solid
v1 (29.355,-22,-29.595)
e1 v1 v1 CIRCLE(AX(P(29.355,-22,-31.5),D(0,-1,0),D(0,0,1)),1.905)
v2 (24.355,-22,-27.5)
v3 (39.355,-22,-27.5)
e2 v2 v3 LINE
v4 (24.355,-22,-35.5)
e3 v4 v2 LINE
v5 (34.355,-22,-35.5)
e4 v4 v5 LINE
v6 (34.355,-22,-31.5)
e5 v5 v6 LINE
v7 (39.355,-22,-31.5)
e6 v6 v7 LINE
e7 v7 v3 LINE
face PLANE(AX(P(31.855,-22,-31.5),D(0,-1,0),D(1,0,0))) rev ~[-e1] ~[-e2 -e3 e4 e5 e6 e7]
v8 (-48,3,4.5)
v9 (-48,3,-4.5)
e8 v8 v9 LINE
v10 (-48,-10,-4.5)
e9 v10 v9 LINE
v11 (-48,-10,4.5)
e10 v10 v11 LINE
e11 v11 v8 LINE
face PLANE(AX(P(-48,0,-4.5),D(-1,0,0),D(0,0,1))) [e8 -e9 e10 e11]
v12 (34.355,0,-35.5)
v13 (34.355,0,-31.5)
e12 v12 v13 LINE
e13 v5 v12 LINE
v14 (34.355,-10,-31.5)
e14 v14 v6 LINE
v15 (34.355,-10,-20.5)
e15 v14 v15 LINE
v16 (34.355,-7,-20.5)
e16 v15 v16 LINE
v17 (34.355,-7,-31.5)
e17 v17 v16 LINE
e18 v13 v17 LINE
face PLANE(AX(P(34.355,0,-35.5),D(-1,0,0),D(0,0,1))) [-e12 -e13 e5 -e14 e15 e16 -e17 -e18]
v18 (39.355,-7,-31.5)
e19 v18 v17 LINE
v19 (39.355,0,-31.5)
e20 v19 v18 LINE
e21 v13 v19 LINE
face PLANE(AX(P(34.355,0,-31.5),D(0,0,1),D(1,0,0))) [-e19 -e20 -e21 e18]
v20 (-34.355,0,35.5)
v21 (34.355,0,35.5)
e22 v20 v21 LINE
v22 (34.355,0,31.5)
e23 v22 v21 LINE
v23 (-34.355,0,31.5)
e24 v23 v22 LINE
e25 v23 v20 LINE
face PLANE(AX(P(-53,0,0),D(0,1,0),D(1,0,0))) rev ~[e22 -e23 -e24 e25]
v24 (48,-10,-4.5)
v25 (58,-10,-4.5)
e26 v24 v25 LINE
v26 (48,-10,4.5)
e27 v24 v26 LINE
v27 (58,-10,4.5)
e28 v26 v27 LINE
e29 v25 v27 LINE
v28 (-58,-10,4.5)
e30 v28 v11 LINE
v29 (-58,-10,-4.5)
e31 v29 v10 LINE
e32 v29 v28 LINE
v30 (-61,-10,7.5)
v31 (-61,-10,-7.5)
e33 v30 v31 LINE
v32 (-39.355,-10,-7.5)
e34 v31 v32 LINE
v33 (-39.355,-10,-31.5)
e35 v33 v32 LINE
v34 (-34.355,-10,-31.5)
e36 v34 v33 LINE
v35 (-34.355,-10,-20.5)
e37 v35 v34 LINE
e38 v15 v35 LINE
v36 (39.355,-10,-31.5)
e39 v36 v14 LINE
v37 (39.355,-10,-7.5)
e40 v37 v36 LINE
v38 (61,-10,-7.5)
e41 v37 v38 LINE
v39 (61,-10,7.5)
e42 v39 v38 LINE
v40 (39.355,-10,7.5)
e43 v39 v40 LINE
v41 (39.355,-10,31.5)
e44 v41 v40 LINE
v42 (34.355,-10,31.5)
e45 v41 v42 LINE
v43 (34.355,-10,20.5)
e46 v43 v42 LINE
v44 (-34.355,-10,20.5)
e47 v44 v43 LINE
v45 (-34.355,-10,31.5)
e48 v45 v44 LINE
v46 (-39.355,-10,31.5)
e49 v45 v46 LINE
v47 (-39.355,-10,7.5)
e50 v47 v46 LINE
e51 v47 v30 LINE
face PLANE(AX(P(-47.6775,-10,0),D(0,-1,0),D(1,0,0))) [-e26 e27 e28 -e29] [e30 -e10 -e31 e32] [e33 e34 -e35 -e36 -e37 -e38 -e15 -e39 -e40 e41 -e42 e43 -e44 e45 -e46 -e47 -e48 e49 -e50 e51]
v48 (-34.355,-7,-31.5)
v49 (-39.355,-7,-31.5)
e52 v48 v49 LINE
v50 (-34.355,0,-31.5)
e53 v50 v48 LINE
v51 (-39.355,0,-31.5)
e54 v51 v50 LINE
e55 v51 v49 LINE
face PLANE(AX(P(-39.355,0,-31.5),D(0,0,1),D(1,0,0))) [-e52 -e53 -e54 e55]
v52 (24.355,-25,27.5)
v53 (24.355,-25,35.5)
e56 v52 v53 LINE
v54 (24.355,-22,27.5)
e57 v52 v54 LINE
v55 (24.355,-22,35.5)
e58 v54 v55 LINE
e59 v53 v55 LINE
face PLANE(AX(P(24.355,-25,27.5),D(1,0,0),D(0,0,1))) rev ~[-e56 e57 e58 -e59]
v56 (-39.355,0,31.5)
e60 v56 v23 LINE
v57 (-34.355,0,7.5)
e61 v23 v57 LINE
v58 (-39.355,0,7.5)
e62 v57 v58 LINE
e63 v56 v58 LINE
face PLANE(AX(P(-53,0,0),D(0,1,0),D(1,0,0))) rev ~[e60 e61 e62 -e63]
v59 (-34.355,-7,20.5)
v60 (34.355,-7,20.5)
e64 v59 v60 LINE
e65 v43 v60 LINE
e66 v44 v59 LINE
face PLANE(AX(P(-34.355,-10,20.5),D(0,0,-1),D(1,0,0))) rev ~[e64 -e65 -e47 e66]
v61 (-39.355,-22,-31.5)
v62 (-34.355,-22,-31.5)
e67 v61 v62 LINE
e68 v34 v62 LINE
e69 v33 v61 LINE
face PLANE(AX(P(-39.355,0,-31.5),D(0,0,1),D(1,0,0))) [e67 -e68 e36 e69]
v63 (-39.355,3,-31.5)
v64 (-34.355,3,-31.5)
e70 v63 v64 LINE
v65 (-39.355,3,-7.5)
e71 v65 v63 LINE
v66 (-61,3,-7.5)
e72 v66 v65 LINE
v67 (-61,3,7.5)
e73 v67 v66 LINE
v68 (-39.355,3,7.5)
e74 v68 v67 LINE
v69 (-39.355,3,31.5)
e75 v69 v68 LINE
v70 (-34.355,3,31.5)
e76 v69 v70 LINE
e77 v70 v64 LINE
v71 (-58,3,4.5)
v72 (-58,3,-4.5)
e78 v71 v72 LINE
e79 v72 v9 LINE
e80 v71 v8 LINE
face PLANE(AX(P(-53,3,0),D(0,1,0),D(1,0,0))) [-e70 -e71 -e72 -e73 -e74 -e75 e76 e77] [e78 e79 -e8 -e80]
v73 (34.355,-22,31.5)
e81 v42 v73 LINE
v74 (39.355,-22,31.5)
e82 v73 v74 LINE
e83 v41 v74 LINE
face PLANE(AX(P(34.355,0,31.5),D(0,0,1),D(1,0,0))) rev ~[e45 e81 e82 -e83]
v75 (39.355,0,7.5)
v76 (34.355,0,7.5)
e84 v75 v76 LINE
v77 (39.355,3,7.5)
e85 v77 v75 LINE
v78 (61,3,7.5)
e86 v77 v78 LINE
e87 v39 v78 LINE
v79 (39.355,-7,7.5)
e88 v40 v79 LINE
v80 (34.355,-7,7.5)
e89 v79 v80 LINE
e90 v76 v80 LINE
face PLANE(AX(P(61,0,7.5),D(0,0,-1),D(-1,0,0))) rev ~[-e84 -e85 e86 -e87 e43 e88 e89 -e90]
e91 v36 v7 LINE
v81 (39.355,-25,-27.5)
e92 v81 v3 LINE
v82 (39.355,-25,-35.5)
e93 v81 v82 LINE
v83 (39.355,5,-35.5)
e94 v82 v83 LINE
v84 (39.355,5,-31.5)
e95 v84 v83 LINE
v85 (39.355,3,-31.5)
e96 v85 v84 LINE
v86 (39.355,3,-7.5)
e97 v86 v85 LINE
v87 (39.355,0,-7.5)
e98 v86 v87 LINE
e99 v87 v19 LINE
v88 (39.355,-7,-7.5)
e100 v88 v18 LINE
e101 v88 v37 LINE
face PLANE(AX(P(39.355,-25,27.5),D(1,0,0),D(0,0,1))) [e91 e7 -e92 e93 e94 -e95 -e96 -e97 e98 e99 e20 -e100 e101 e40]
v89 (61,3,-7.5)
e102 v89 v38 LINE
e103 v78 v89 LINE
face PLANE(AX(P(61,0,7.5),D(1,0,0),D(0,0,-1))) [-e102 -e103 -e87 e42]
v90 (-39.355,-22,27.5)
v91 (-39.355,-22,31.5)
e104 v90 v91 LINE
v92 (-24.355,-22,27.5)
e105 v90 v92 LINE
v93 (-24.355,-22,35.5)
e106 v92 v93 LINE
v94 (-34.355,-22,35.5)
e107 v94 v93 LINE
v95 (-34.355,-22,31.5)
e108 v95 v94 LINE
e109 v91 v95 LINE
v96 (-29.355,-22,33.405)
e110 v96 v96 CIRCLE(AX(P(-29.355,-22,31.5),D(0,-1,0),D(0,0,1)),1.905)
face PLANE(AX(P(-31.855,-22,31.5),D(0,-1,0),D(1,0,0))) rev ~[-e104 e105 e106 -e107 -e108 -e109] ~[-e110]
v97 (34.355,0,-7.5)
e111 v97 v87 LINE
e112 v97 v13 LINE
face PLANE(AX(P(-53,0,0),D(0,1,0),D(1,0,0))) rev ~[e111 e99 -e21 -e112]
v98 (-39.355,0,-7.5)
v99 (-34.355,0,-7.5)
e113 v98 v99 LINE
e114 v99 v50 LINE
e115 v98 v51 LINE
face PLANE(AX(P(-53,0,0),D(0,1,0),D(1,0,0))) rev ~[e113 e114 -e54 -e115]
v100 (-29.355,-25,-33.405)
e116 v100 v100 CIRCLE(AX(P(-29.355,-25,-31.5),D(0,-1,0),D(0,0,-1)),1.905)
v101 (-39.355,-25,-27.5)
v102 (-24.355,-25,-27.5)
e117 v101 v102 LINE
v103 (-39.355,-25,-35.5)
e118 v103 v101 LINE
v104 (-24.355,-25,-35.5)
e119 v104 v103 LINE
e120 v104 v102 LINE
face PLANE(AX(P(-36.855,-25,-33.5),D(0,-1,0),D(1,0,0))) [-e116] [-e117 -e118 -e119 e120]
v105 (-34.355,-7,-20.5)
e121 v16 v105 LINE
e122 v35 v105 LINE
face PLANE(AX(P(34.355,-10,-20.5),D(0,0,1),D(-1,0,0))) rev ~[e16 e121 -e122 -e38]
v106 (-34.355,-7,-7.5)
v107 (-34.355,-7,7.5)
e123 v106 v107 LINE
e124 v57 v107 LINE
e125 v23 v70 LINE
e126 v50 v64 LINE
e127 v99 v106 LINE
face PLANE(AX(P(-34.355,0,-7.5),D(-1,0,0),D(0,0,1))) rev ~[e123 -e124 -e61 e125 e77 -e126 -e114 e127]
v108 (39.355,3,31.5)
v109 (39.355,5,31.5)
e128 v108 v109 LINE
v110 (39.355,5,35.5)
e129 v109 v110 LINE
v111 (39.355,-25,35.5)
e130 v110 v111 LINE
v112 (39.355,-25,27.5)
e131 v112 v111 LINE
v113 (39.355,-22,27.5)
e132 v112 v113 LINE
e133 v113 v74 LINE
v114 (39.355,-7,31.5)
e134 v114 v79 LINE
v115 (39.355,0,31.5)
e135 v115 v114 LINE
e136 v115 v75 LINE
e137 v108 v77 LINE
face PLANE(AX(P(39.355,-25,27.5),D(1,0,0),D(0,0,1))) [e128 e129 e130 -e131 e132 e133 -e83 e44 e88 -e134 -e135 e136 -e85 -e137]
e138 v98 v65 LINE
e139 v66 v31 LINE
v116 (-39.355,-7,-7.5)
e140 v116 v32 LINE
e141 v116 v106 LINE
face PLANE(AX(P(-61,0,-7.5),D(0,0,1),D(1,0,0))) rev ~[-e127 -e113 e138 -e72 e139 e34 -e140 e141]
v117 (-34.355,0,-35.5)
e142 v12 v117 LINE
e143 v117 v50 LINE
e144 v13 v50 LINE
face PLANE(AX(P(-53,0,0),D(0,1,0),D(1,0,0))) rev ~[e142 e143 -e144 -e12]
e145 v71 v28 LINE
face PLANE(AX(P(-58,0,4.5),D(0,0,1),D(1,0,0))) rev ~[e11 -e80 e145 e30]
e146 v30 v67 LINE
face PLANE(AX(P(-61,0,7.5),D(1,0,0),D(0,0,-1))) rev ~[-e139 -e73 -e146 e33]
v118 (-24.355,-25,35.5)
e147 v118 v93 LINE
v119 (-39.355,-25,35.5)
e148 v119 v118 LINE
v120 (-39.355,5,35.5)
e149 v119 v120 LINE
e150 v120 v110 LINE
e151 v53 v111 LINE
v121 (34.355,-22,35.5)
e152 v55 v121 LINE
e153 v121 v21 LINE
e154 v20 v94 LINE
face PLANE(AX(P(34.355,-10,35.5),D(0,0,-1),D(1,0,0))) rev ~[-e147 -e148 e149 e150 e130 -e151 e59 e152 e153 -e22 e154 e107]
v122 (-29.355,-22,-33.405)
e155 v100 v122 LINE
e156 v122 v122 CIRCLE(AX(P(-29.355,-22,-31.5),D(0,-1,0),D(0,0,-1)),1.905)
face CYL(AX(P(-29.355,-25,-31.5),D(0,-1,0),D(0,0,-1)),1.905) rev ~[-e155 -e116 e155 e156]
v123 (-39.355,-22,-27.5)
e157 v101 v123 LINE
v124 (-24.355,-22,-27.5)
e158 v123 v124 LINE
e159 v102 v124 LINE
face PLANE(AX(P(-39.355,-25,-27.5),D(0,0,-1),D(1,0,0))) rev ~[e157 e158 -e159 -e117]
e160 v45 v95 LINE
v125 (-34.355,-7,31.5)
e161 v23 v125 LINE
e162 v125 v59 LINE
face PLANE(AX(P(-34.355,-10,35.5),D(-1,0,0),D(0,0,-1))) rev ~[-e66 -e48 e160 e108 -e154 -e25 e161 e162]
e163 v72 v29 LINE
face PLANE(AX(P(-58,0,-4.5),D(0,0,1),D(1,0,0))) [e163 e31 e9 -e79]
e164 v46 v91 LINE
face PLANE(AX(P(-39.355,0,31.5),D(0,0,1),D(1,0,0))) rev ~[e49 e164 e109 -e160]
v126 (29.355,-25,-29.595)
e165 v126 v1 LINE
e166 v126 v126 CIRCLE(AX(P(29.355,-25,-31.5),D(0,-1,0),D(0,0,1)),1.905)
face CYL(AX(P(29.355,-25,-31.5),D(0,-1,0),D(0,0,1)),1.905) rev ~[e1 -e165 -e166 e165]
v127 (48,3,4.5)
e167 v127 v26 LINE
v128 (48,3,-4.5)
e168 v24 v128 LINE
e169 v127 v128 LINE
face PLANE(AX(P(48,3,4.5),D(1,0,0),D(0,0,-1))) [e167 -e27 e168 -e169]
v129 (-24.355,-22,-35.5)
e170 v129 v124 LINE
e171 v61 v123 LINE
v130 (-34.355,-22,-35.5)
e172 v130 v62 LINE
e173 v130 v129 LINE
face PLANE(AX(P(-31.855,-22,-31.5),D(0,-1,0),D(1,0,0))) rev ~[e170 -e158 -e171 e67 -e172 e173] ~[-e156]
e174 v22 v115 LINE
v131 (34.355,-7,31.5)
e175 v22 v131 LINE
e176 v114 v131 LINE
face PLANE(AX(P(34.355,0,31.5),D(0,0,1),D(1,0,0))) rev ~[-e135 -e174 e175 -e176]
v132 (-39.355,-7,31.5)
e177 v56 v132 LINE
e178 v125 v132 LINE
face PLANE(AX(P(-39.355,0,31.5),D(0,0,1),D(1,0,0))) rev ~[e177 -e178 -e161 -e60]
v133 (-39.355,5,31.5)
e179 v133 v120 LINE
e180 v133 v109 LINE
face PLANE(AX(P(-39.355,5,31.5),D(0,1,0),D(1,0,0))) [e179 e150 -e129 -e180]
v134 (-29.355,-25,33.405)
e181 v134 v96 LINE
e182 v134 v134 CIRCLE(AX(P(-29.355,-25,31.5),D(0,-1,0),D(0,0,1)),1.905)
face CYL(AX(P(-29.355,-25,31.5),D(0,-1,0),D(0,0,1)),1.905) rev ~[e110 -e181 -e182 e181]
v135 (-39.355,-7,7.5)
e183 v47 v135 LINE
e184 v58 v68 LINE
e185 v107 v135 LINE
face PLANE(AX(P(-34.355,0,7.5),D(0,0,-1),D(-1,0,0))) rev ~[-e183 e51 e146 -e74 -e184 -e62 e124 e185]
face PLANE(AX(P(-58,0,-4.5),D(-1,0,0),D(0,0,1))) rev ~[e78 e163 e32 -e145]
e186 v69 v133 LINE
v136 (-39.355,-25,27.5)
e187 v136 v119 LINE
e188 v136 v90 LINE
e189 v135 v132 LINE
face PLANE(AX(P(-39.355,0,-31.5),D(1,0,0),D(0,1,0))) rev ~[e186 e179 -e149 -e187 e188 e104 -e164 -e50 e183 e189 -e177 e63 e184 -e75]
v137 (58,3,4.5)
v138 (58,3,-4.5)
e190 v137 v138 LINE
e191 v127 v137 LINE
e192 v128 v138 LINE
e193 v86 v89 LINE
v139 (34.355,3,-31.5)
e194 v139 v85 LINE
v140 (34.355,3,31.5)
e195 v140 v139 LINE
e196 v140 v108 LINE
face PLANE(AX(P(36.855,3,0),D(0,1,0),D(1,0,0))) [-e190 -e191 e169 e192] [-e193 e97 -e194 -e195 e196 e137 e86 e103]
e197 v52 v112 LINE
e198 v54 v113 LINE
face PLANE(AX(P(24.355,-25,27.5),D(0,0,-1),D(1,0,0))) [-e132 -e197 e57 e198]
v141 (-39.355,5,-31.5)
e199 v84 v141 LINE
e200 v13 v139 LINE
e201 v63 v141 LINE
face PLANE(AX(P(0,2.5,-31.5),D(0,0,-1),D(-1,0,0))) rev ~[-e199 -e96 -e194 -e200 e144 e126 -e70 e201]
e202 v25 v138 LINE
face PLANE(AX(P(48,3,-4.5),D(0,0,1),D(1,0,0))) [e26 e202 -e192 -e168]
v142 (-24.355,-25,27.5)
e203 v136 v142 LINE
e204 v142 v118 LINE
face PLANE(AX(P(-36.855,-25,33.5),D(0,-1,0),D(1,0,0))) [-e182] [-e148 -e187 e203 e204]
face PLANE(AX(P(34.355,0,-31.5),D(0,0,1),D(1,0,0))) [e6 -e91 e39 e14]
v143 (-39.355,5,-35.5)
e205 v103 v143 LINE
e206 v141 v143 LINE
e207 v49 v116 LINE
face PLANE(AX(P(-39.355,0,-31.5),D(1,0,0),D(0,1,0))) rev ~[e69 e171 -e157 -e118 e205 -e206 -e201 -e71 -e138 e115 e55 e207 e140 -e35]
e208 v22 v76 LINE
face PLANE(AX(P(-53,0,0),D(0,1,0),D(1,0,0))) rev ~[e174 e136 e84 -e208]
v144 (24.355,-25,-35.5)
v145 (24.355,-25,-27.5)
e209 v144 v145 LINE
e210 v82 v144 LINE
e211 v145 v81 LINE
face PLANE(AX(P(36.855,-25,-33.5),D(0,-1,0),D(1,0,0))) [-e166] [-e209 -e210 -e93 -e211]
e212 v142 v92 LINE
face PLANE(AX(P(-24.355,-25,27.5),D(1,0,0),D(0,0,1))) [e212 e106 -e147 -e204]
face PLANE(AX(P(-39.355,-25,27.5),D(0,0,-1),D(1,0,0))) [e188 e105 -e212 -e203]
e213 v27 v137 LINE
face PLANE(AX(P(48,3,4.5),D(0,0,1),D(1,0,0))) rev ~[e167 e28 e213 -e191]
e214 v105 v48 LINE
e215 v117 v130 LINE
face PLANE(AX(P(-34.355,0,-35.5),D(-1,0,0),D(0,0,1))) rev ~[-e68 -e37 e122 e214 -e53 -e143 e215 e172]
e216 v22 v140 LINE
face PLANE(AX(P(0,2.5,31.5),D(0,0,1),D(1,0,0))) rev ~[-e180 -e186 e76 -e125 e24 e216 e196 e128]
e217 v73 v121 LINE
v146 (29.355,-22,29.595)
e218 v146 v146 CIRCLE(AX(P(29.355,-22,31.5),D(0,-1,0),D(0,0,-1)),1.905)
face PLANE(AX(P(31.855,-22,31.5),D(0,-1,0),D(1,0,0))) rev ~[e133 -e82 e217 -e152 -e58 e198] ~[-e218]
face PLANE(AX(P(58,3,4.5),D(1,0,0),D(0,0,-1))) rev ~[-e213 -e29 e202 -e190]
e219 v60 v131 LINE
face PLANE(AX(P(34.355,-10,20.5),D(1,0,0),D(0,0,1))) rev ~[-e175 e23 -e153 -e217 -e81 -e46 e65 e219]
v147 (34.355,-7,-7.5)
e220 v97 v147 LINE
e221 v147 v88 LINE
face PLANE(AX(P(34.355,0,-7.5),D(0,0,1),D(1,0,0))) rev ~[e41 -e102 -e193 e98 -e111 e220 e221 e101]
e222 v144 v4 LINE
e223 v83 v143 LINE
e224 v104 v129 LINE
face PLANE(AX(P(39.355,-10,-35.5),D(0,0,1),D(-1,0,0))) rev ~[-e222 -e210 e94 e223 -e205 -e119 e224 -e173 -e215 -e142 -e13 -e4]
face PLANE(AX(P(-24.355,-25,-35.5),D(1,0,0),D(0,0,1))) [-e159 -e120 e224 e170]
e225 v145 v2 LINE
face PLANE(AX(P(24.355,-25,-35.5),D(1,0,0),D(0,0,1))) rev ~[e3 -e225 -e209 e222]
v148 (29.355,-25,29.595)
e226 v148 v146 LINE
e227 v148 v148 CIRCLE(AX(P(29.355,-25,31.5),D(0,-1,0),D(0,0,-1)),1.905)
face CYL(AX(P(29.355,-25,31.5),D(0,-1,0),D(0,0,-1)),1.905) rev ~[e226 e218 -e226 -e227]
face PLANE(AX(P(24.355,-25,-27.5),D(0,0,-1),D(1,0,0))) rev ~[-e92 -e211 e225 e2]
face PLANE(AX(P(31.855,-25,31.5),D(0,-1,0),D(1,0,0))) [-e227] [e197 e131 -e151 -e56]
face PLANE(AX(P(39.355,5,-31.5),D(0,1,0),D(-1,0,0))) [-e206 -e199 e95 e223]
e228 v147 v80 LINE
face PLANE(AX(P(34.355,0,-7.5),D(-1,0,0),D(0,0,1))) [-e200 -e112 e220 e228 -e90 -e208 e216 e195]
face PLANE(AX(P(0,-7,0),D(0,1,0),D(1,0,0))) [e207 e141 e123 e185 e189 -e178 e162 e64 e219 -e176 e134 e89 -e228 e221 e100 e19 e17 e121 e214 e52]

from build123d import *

# Parameters (mm, degrees)
SKETCH1_W             = 5
SKETCH1_H             = 63
BOSS_EXTRUDE1_DEPTH   = 3
BOSS_EXTRUDE1_2_DEPTH = 3
SKETCH3_W             = 78.71
SKETCH3_H             = 5
BOSS_EXTRUDE3_DEPTH   = 4
SKETCH4_W             = 78.71
SKETCH4_H             = 5
BOSS_EXTRUDE4_DEPTH   = 4
SKETCH6_W             = 15
SKETCH6_H             = 3
BOSS_EXTRUDE5_DEPTH   = 5.645
SKETCH7_W             = 16
SKETCH7_H             = 15
SKETCH7_W_2           = 10
SKETCH7_H_2           = 9
BOSS_EXTRUDE6_DEPTH   = 3
SKETCH5_W             = 5
SKETCH5_H             = 4
LEGS_DEPTH            = 25
SKETCH12_W            = 15
SKETCH12_H            = 8
SKETCH12_R            = 1.905
BOSS_EXTRUDE10_DEPTH  = 3
SKETCH13_W            = 21.645
SKETCH13_H            = 15
SKETCH13_W_2          = 10
SKETCH13_H_2          = 9
COPY_2_DEPTH          = 3
BOSS_EXTRUDE11_DEPTH  = 3
SKETCH15_W            = 10
SKETCH15_H            = 9
BOSS_EXTRUDE12_DEPTH  = 10


with BuildPart() as part:
    # Sketch1 → Boss-Extrude1 (new body)
    with BuildSketch(Plane(origin=(0, 0, 0), x_dir=(1, 0, 0), z_dir=(0, 1, 0))):
        with Locations((-36.855, 0)):
            Rectangle(SKETCH1_W, SKETCH1_H)
    extrude(amount=BOSS_EXTRUDE1_DEPTH)



with BuildPart() as body_2:
    # Sketch1 → Boss-Extrude1 2 (new body)
    with BuildSketch(Plane(origin=(0, 0, 0), x_dir=(1, 0, 0), z_dir=(0, 1, 0))):
        with Locations((36.855, 0)):
            Rectangle(SKETCH1_W, SKETCH1_H)
    extrude(amount=BOSS_EXTRUDE1_2_DEPTH)


with BuildPart() as part_1:
    add(part.part)

    add(body_2.part)  # Boss-Extrude3 merges body 2
    # Sketch3 → Boss-Extrude3 (add)
    with BuildSketch(Plane.XY.offset(31.5)):
        with Locations((0, 2.5)):
            Rectangle(SKETCH3_W, SKETCH3_H)
    extrude(amount=BOSS_EXTRUDE3_DEPTH)

    # Sketch4 → Boss-Extrude4 (add)
    with BuildSketch(Plane(origin=(0, 0, -31.5), x_dir=(-1, 0, 0), z_dir=(0, 0, -1))):
        with Locations((0, 2.5)):
            Rectangle(SKETCH4_W, SKETCH4_H)
    extrude(amount=BOSS_EXTRUDE4_DEPTH)

    # Sketch6 → Boss-Extrude5 (add)
    with BuildSketch(Plane.ZY.offset(39.355)):
        with Locations((0, 1.5)):
            Rectangle(SKETCH6_W, SKETCH6_H)
    extrude(amount=BOSS_EXTRUDE5_DEPTH)

    # Sketch7 → Boss-Extrude6 (add)
    with BuildSketch(Plane(origin=(0, 3, 0), x_dir=(1, 0, 0), z_dir=(0, 1, 0))):
        with Locations((-53, 0)):
            Rectangle(SKETCH7_W, SKETCH7_H)
        with Locations((-53, 0)):
            Rectangle(SKETCH7_W_2, SKETCH7_H_2, mode=Mode.SUBTRACT)
    extrude(amount=-BOSS_EXTRUDE6_DEPTH)

    # Sketch5 → legs (add)
    with BuildSketch(Plane.XZ):
        with Locations((-36.855, 33.5)):
            Rectangle(SKETCH5_W, SKETCH5_H)
        with Locations((36.855, 33.5)):
            Rectangle(SKETCH5_W, SKETCH5_H)
        with Locations((-36.855, -33.5)):
            Rectangle(SKETCH5_W, SKETCH5_H)
        with Locations((36.855, -33.5)):
            Rectangle(SKETCH5_W, SKETCH5_H)
    extrude(amount=LEGS_DEPTH)

    # Sketch12 → Boss-Extrude10 (add)
    # profile 1 of 4: a face of its own
    with BuildSketch(Plane.XZ.offset(25)):
        with Locations((31.855, 31.5)):
            Rectangle(SKETCH12_W, SKETCH12_H)
        with Locations(Location((29.355, 31.5, 0), (0, 0, 270))):
            Circle(SKETCH12_R, mode=Mode.SUBTRACT)
    # profile 2 of 4: a face of its own
    with BuildSketch(Plane.XZ.offset(25)):
        with Locations((31.855, -31.5)):
            Rectangle(SKETCH12_W, SKETCH12_H)
        with Locations(Location((29.355, -31.5, 0), (0, 0, 90))):
            Circle(SKETCH12_R, mode=Mode.SUBTRACT)
    # profile 3 of 4: a face of its own
    with BuildSketch(Plane.XZ.offset(25)):
        with Locations((-31.855, -31.5)):
            Rectangle(SKETCH12_W, SKETCH12_H)
        with Locations(Location((-29.355, -31.5, 0), (0, 0, 270))):
            Circle(SKETCH12_R, mode=Mode.SUBTRACT)
    # profile 4 of 4: a face of its own
    with BuildSketch(Plane.XZ.offset(25)):
        with Locations((-31.855, 31.5)):
            Rectangle(SKETCH12_W, SKETCH12_H)
        with Locations(Location((-29.355, 31.5, 0), (0, 0, 90))):
            Circle(SKETCH12_R, mode=Mode.SUBTRACT)
    extrude(amount=-BOSS_EXTRUDE10_DEPTH)

    # Sketch13 → copy 2 (add)
    with BuildSketch(Plane(origin=(0, 3, 0), x_dir=(1, 0, 0), z_dir=(0, 1, 0))):
        with Locations((50.1775, 0)):
            Rectangle(SKETCH13_W, SKETCH13_H)
        with Locations((53, 0)):
            Rectangle(SKETCH13_W_2, SKETCH13_H_2, mode=Mode.SUBTRACT)
    extrude(amount=-COPY_2_DEPTH)

    # Sketch14 → Boss-Extrude11 (add)
    with BuildSketch(Plane(origin=(0, -10, 0), x_dir=(-1, 0, 0), z_dir=(0, -1, 0))):
        Polygon((-39.355, 35.5), (-34.355, 35.5), (-34.355, 20.5), (34.355, 20.5), (34.355, 35.5), (39.355, 35.5), (39.355, -35.5), (34.355, -35.5), (34.355, -20.5), (-34.355, -20.5), (-34.355, -35.5), (-39.355, -35.5), align=None)
    extrude(amount=-BOSS_EXTRUDE11_DEPTH)

    # Sketch15 → Boss-Extrude12 (add)
    # profile 1 of 2: a face of its own
    with BuildSketch(Plane.XZ):
        Polygon((-61, 7.5), (-61, -7.5), (-39.355, -7.5), (-34.355, -7.5), (-34.355, 7.5), (-39.355, 7.5), align=None)
        with Locations((-53, 0)):
            Rectangle(SKETCH15_W, SKETCH15_H, mode=Mode.SUBTRACT)
    # profile 2 of 2: a face of its own
    with BuildSketch(Plane.XZ):
        Polygon((34.355, -7.5), (34.355, 7.5), (39.355, 7.5), (61, 7.5), (61, -7.5), (39.355, -7.5), align=None)
        with Locations((53, 0)):
            Rectangle(SKETCH15_W, SKETCH15_H, mode=Mode.SUBTRACT)
    extrude(amount=BOSS_EXTRUDE12_DEPTH)


solid = part_1.part
